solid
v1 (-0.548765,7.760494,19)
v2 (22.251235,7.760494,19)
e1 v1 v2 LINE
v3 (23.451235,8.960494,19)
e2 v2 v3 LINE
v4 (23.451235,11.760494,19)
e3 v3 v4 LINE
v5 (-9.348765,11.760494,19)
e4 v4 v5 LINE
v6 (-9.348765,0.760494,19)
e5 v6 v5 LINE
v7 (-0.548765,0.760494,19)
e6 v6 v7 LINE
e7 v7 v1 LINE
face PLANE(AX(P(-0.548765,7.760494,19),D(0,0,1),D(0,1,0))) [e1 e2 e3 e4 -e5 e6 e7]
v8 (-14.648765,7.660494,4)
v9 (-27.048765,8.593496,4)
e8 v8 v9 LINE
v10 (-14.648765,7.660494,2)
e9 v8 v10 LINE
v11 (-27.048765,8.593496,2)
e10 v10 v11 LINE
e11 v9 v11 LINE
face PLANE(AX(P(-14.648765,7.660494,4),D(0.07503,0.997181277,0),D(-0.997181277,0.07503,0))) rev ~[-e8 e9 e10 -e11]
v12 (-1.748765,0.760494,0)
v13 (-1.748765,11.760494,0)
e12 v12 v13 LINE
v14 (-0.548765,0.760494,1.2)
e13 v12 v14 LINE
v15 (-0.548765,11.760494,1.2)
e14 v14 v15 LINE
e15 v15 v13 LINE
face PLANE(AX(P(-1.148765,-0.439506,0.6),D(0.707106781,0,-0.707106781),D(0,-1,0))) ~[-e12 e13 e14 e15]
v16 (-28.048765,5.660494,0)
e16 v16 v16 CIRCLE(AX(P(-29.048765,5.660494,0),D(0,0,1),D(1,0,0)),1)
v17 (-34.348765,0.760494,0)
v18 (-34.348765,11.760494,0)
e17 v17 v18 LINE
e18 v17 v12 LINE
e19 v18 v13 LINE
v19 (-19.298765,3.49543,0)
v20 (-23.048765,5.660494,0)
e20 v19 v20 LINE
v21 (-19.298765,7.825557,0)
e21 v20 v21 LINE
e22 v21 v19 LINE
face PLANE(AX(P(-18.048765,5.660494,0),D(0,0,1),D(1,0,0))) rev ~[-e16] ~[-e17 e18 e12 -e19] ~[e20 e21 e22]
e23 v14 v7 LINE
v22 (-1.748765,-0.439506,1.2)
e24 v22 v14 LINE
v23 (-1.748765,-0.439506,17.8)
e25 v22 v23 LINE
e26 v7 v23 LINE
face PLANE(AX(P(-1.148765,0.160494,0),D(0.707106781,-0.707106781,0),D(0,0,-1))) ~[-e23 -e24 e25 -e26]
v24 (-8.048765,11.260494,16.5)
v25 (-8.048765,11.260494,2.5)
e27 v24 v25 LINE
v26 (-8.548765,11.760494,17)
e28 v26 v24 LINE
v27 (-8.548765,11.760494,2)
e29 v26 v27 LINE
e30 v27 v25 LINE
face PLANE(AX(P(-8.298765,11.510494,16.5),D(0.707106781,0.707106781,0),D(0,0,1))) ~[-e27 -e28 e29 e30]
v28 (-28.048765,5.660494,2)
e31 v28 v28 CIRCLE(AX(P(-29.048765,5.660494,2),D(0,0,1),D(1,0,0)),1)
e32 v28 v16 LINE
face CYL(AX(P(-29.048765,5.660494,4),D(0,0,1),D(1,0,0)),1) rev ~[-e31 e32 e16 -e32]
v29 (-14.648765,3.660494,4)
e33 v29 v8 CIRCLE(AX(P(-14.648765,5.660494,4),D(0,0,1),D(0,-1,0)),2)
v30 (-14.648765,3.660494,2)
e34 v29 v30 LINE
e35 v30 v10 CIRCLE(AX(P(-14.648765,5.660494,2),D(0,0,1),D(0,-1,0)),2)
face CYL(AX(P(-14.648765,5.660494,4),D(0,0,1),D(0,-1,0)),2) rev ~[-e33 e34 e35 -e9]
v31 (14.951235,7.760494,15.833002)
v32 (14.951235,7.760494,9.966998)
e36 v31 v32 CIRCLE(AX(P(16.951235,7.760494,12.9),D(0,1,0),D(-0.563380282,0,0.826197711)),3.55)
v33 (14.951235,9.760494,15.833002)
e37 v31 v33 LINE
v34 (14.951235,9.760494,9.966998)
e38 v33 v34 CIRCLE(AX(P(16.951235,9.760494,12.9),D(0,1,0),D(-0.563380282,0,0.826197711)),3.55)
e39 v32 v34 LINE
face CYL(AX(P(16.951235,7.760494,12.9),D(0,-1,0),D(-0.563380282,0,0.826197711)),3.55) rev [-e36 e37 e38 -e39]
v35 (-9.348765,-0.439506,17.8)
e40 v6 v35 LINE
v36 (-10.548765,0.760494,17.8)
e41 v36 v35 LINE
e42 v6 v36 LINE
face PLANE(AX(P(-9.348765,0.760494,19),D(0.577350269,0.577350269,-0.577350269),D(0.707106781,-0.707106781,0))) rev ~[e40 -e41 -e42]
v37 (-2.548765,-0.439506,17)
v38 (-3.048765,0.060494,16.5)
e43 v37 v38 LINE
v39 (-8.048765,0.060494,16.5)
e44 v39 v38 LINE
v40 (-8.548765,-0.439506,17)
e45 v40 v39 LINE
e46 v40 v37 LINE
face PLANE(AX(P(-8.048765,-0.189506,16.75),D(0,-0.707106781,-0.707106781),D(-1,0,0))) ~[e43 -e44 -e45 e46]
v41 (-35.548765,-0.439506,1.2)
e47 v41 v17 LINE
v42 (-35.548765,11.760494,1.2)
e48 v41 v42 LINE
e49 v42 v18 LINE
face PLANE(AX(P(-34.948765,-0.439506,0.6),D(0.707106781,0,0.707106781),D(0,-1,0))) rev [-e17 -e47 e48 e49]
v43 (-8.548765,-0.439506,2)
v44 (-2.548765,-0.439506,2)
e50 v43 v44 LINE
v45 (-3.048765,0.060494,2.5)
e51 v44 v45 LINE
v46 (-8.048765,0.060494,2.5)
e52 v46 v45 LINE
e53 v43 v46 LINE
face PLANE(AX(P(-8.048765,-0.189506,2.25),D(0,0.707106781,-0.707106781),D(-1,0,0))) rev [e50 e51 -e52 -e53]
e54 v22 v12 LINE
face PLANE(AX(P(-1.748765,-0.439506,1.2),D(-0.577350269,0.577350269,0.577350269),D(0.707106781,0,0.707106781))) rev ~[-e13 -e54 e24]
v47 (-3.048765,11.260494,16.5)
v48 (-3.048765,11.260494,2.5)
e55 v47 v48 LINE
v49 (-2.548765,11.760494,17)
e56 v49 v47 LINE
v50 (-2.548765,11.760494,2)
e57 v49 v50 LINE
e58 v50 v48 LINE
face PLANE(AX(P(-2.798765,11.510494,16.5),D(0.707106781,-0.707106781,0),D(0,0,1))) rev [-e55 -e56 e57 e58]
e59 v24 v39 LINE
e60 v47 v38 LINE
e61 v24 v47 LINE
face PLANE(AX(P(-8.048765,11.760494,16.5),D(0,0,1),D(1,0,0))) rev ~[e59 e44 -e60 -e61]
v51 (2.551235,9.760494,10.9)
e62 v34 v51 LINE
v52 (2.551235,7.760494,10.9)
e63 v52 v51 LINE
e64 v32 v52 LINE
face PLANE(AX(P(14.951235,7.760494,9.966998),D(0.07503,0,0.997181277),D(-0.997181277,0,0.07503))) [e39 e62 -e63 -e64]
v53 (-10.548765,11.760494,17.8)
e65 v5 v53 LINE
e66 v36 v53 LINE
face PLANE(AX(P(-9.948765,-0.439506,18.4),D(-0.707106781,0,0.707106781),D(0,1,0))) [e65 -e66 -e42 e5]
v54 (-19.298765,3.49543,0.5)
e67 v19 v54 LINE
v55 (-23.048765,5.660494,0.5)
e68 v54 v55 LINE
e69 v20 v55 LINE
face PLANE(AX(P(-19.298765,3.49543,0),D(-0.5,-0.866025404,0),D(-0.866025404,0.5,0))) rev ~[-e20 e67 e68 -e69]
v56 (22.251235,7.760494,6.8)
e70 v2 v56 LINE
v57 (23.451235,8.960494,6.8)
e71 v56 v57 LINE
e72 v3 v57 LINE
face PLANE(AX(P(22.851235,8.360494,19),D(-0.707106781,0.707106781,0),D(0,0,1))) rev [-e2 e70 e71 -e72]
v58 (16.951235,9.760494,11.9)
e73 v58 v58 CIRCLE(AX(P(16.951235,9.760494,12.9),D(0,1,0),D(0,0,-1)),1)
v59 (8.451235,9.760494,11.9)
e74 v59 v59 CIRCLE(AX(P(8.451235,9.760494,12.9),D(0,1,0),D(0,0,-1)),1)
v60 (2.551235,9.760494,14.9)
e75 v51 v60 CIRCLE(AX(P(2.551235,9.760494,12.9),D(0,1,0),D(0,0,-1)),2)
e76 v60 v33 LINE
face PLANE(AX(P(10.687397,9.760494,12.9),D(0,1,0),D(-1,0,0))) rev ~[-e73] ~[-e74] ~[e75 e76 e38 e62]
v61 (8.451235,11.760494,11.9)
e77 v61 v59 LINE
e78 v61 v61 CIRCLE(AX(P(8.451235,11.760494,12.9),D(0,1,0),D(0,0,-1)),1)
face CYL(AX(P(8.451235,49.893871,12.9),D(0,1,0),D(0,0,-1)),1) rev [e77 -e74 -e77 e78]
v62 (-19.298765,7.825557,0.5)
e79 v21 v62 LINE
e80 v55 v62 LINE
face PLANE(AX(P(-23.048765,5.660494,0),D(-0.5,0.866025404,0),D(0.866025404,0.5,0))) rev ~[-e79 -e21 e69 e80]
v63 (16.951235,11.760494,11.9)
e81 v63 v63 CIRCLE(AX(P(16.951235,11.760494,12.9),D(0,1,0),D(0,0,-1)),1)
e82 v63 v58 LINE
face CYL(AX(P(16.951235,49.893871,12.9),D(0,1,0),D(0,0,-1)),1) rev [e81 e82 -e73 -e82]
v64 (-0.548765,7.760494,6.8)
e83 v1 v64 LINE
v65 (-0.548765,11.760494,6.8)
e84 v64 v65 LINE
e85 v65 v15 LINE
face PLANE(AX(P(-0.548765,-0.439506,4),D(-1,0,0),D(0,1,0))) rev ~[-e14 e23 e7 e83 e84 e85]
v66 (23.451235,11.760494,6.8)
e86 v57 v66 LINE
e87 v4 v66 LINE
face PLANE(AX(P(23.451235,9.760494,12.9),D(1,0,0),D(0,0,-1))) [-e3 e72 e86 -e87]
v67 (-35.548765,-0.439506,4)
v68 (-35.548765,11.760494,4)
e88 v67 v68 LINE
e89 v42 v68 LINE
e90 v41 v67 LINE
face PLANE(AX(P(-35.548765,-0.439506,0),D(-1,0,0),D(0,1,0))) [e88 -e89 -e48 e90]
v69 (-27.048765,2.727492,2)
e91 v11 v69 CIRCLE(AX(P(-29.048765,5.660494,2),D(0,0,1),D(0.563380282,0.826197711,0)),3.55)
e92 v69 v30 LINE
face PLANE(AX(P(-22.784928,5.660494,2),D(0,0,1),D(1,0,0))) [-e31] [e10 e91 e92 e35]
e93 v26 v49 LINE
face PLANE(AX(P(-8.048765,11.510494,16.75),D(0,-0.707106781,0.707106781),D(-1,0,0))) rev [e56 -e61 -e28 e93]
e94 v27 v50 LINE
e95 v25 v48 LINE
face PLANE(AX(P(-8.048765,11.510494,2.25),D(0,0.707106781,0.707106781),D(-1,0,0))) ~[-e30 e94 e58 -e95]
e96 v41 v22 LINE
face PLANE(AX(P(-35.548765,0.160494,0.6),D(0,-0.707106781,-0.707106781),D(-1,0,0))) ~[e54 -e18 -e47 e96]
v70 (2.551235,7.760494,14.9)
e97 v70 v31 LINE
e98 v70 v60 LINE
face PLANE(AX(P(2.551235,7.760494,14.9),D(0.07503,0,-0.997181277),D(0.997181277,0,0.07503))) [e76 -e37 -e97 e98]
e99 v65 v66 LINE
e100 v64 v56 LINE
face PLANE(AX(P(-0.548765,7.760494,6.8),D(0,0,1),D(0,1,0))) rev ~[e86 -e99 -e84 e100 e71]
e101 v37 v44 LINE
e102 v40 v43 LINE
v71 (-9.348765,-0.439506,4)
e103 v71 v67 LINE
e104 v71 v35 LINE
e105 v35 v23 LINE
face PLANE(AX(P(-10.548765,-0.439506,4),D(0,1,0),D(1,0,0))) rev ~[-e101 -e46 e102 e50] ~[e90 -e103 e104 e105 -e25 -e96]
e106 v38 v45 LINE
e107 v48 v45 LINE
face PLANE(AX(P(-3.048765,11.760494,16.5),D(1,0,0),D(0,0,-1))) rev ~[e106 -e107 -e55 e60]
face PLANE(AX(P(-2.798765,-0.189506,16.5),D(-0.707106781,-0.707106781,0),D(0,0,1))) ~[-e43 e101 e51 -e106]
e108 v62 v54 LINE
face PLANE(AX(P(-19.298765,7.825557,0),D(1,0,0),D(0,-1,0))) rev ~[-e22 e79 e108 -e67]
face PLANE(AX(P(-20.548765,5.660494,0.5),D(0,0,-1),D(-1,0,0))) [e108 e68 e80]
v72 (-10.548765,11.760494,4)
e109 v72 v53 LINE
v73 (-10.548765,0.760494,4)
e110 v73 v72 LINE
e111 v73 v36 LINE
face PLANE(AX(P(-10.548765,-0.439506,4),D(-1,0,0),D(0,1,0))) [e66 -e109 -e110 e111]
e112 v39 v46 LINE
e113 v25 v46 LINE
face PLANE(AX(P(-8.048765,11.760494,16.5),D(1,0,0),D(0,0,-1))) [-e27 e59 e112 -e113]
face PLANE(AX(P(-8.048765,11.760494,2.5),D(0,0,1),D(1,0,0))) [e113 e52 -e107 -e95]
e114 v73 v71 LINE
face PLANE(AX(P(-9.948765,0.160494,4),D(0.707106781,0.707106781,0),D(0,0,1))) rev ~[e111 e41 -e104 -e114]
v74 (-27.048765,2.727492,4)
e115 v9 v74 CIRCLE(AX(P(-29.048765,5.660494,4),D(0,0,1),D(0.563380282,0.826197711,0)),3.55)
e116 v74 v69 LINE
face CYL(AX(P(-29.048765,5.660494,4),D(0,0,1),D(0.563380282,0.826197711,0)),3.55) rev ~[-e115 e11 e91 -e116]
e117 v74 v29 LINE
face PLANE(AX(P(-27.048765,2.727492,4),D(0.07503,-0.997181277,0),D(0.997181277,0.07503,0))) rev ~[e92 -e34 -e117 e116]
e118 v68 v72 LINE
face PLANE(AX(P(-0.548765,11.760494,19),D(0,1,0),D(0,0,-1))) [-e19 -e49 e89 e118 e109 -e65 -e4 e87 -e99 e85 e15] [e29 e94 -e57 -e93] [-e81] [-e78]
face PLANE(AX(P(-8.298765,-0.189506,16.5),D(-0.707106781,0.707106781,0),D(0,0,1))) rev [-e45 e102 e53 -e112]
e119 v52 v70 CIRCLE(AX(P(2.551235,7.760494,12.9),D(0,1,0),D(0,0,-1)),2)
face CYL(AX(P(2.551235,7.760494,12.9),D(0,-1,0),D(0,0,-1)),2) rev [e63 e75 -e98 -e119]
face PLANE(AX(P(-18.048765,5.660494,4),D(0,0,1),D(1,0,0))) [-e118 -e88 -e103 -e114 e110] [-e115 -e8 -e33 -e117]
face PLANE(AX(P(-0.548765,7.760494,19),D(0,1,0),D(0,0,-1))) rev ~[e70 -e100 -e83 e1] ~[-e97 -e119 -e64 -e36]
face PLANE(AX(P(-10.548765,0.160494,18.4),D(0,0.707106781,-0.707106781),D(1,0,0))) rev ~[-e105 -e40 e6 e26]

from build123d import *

# Parameters (mm, degrees)
SKETCH1_W               = 35
SKETCH1_H               = 12.2
BOSS_EXTRUDE1_DEPTH     = 4
SKETCH2_R               = 1
CUT_EXTRUDE1_DEPTH      = 38.656658625
SKETCH3_W               = 10
SKETCH3_H               = 12.2
BOSS_EXTRUDE2_DEPTH     = 15
SKETCH4_W               = 12.2
SKETCH4_H               = 4
BOSS_EXTRUDE3_DEPTH     = 24
CUT_EXTRUDE2_DEPTH      = 42.133377247
CUT_EXTRUDE2_DEPTH_BACK = 42.133377247
SKETCH5_R               = 1
CUT_EXTRUDE3_DEPTH      = 0.5
CHAMFER1_SIZE           = 1.2
CUT_EXTRUDE17_DEPTH     = 2
CUT_EXTRUDE18_DEPTH     = 2
SKETCH26_W              = 5
SKETCH26_H              = 14
CUT_EXTRUDE19_DEPTH     = 43.113593099
CHAMFER2_SIZE           = 0.5


with BuildPart() as part:
    # Sketch1 → Boss-Extrude1 (new body)
    with BuildSketch(Plane.XY):
        with Locations((-18.048765432, 5.660493827)):
            Rectangle(SKETCH1_W, SKETCH1_H)
    extrude(amount=BOSS_EXTRUDE1_DEPTH)

    # Sketch2 → Cut-Extrude1 (cut, through all)
    with BuildSketch(Plane.XY.offset(4)):
        with Locations((-29.048765432, 5.660493827)):
            Circle(SKETCH2_R)
    extrude(amount=-CUT_EXTRUDE1_DEPTH, mode=Mode.SUBTRACT)

    # Sketch3 → Boss-Extrude2 (add)
    with BuildSketch(Plane.XY.offset(4)):
        with Locations((-5.548765432, 5.660493827)):
            Rectangle(SKETCH3_W, SKETCH3_H)
    extrude(amount=BOSS_EXTRUDE2_DEPTH)

    # Sketch4 → Boss-Extrude3 (add)
    with BuildSketch(Plane(origin=(-0.548765432, 0, 0), x_dir=(0, 0, -1), z_dir=(1, 0, 0))):
        with Locations((-12.9, 9.760493827)):
            Rectangle(SKETCH4_W, SKETCH4_H)
    extrude(amount=BOSS_EXTRUDE3_DEPTH)

    # Sketch5 → Cut-Extrude2 (cut, two sides: drawn at the far end of the back side and taken through both)
    with BuildSketch(Plane.XZ.offset(-7.760493827).offset(-CUT_EXTRUDE2_DEPTH_BACK)):
        with Locations(Location((16.951234568, 12.9, 0), (0, 0, 270))):
            Circle(SKETCH5_R)
        with Locations(Location((8.451234568, 12.9, 0), (0, 0, 270))):
            Circle(SKETCH5_R)
    extrude(amount=CUT_EXTRUDE2_DEPTH + CUT_EXTRUDE2_DEPTH_BACK, mode=Mode.SUBTRACT)

    # Sketch7 → Cut-Extrude3 (cut)
    with BuildSketch(Plane(origin=(0, 0, 0), x_dir=(-1, 0, 0), z_dir=(0, 0, -1))):
        Polygon((23.048765432, 5.660493827), (19.298765432, 7.825557337), (19.298765432, 3.495430318), align=None)
    extrude(amount=-CUT_EXTRUDE3_DEPTH, mode=Mode.SUBTRACT)

    # Chamfer1
    chamfer1_edges = [part.edges().sort_by_distance(p)[0] for p in [
        (-10.548765432, -0.439506173, 11.5),
        (-10.548765432, 5.660493827, 19),
        (-5.548765432, -0.439506173, 19),
        (23.451234568, 7.760493827, 12.9),
        (-0.548765432, 5.660493827, 0),
        (-18.048765432, -0.439506173, 0),
        (-35.548765432, 5.660493827, 0),
        (-0.548765432, -0.439506173, 9.5),
    ]]
    chamfer(chamfer1_edges, length=CHAMFER1_SIZE)

    # Sketch24 → Cut-Extrude17 (cut)
    with BuildSketch(Plane.XY.offset(4)):
        with BuildLine():
            Line((-27.048765432, 2.727491952), (-14.648765432, 3.660493827))
            ThreePointArc((-14.648765432, 3.660493827), (-12.648765432, 5.660493827), (-14.648765432, 7.660493827))
            Line((-14.648765432, 7.660493827), (-27.048765432, 8.593495702))
            ThreePointArc((-27.048765432, 8.593495702), (-32.598765432, 5.660493827), (-27.048765432, 2.727491952))
        make_face()
    extrude(amount=-CUT_EXTRUDE17_DEPTH, mode=Mode.SUBTRACT)

    # Sketch25 → Cut-Extrude18 (cut)
    with BuildSketch(Plane.XZ.offset(-7.760493827)):
        with BuildLine():
            Line((2.551234568, 14.9), (14.951234568, 15.833001875))
            ThreePointArc((14.951234568, 15.833001875), (20.501234568, 12.9), (14.951234568, 9.966998125))
            Line((14.951234568, 9.966998125), (2.551234568, 10.9))
            ThreePointArc((2.551234568, 10.9), (0.551234568, 12.9), (2.551234568, 14.9))
        make_face()
    extrude(amount=-CUT_EXTRUDE18_DEPTH, mode=Mode.SUBTRACT)

    # Sketch26 → Cut-Extrude19 (cut, through all)
    with BuildSketch(Plane(origin=(0, 11.760493827, 0), x_dir=(1, 0, 0), z_dir=(0, 1, 0))):
        with Locations((-5.548765432, -9.5)):
            Rectangle(SKETCH26_W, SKETCH26_H)
    extrude(amount=-CUT_EXTRUDE19_DEPTH, mode=Mode.SUBTRACT)

    # Chamfer2
    chamfer2_edges = [part.edges().sort_by_distance(p)[0] for p in [
        (-8.048765432, -0.439506173, 9.5),
        (-5.548765432, -0.439506173, 2.5),
        (-3.048765432, -0.439506173, 9.5),
        (-5.548765432, -0.439506173, 16.5),
        (-8.048765432, 11.760493827, 9.5),
        (-5.548765432, 11.760493827, 16.5),
        (-3.048765432, 11.760493827, 9.5),
        (-5.548765432, 11.760493827, 2.5),
    ]]
    chamfer(chamfer2_edges, length=CHAMFER2_SIZE)


solid = part.part
